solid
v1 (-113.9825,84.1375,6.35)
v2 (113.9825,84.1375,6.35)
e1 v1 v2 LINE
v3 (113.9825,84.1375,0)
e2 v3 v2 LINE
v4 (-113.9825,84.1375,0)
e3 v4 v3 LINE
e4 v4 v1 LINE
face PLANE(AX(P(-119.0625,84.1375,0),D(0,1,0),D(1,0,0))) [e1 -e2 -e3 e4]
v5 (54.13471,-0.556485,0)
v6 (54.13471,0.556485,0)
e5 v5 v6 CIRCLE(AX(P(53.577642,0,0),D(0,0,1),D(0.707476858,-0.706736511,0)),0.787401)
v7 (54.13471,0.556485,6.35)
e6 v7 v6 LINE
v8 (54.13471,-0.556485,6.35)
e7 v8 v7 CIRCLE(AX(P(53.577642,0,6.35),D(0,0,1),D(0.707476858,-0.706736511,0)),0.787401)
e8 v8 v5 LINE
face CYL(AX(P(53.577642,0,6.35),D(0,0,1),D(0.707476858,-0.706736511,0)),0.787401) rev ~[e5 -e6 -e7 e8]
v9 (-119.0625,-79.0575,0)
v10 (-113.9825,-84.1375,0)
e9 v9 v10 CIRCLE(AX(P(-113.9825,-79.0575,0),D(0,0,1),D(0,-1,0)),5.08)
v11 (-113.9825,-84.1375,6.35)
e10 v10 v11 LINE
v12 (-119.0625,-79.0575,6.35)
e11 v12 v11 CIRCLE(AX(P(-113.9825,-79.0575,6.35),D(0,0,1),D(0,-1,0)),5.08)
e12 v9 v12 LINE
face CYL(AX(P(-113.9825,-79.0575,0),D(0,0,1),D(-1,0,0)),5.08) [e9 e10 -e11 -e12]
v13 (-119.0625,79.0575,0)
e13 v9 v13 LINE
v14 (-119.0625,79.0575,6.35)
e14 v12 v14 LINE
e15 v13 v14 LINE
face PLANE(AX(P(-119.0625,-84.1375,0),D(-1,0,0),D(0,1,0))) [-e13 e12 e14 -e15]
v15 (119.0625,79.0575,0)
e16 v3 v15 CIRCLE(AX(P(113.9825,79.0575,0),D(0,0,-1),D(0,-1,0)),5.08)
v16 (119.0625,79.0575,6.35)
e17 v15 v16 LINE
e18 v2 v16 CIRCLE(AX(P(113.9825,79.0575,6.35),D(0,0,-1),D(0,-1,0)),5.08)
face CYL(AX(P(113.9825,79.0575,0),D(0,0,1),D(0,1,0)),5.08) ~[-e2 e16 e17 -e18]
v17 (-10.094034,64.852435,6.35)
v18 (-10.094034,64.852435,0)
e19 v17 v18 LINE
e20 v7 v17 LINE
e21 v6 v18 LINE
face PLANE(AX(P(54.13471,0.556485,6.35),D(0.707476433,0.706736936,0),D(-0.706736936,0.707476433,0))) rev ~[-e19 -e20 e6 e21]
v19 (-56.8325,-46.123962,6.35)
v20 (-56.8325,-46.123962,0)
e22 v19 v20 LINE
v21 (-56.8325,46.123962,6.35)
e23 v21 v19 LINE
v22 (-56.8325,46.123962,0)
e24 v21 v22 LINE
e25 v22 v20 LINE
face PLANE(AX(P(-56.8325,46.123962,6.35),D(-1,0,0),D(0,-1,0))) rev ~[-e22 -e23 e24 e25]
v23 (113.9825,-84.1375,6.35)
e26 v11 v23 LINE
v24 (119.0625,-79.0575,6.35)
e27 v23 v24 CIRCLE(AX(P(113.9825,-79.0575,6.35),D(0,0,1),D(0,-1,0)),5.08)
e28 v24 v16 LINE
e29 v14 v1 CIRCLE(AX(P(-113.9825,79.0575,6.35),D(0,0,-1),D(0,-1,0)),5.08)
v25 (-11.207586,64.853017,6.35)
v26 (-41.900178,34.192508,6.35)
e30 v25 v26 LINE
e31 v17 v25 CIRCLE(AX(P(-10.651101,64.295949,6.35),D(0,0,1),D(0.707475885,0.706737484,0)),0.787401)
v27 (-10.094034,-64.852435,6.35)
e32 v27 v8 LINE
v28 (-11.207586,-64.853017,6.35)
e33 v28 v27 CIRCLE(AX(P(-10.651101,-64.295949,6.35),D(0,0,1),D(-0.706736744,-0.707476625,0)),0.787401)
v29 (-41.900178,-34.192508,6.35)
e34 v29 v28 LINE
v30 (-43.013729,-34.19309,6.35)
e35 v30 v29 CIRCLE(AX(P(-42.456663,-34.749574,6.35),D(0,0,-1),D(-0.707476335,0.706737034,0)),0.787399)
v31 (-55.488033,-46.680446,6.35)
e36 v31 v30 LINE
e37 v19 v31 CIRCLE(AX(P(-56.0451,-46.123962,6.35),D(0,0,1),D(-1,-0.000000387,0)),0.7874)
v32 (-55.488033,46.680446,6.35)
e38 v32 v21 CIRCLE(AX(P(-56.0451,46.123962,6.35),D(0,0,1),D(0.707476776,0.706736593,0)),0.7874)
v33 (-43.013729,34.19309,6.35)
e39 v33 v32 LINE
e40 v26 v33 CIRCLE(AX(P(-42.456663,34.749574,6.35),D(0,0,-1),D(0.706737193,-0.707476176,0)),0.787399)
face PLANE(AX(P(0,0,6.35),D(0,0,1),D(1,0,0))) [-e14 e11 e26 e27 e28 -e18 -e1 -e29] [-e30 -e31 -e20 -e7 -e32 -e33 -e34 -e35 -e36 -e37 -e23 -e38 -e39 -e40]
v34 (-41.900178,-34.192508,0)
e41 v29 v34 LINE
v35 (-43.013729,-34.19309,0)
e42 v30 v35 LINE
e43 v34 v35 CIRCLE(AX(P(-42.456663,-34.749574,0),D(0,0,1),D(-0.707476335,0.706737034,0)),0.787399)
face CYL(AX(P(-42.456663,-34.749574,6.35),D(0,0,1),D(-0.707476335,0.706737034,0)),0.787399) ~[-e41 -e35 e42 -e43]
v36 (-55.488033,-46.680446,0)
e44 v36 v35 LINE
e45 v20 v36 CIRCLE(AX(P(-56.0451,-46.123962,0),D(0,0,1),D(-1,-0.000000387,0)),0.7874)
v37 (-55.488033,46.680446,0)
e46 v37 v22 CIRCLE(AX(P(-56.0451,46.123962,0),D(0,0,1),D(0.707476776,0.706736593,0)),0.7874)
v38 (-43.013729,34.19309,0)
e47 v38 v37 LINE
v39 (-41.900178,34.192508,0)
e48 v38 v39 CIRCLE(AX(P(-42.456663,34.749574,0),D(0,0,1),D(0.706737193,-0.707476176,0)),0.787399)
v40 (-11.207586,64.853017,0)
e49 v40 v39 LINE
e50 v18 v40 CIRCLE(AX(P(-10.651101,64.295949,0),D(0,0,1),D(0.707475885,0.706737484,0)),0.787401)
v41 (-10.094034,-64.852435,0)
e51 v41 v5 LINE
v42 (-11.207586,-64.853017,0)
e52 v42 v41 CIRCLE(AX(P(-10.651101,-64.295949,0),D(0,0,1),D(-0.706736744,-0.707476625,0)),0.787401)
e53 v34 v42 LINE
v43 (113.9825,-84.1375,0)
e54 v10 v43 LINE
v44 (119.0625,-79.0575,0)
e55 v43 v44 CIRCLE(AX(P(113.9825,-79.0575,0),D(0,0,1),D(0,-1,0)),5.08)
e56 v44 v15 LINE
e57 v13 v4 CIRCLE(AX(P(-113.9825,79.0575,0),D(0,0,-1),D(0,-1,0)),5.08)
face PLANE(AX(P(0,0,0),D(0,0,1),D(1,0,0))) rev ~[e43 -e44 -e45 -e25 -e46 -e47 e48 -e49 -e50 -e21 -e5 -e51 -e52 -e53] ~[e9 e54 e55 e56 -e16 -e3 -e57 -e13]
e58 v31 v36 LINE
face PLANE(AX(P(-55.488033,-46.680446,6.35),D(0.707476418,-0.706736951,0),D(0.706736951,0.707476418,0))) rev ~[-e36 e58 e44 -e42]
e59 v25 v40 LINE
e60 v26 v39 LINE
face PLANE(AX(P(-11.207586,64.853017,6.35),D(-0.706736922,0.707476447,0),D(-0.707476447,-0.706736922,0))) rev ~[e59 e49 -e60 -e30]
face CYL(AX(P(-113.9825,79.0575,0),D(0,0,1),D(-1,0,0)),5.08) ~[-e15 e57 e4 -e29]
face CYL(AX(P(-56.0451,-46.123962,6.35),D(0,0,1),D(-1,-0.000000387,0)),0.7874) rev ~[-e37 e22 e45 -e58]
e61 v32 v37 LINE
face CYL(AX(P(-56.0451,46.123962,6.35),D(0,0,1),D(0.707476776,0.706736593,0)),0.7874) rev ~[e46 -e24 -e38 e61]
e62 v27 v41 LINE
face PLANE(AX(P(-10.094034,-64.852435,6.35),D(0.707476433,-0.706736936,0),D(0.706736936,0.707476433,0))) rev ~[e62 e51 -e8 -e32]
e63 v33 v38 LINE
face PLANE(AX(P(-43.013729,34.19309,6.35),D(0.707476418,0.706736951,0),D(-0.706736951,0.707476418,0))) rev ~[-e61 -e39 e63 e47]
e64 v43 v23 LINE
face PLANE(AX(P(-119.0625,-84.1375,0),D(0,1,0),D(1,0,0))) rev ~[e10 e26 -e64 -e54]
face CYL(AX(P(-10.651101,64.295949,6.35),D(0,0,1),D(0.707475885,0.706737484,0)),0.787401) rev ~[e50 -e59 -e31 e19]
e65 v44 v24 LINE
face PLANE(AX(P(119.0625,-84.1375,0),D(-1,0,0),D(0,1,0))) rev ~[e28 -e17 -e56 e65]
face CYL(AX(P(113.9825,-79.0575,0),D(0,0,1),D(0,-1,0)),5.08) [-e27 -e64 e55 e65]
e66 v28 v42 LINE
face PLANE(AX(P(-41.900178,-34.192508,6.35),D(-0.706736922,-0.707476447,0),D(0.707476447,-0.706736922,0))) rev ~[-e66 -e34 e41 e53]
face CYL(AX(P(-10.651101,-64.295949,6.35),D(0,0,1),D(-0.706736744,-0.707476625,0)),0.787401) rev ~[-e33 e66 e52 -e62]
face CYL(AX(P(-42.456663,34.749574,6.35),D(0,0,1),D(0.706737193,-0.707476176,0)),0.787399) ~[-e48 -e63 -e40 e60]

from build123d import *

# Parameters (mm, degrees)
F0_W     = 238.125
F0_H     = 168.275
F1_DEPTH = 6.35
F3_DEPTH = 25.4
F4_R     = 5.08
F6_DEPTH = 6.351


with BuildPart() as f1:
    # F0 (on Top) → F1 (new body)
    with BuildSketch(Plane.XY):
        Rectangle(F0_W, F0_H)
    extrude(amount=F1_DEPTH)

    # F2 (on face) → F3 (cut)
    with BuildSketch(Plane.XY.offset(6.35)):
        Polygon((-42.458184, 31.839972), (-55.5625, 44.958), (-55.5625, 0), (-55.5625, -44.958), (-42.458184, -31.839972), (-10.651458, -63.613451), (52.8955, 0), (-10.651458, 63.613451), align=None)
    extrude(amount=-F3_DEPTH, mode=Mode.SUBTRACT)

    # F4
    f4_edges = [f1.edges().sort_by_distance(p)[0] for p in [
        (119.0625, -84.1375, 3.175),
        (119.0625, 84.1375, 3.175),
        (-119.0625, -84.1375, 3.175),
        (-119.0625, 84.1375, 3.175),
    ]]
    fillet(f4_edges, radius=F4_R)

    # F5 (on face) → F6 (cut, through all)
    with BuildSketch(Plane.XY.offset(6.35)):
        with BuildLine():
            Line((-43.013729, 34.19309), (-55.488033, 46.680446))
            ThreePointArc((-55.488033, 46.680446), (-56.346235, 46.851503), (-56.8325, 46.123962))
            Line((-56.8325, 46.123962), (-56.8325, -46.123962))
            ThreePointArc((-56.8325, -46.123962), (-56.346235, -46.851503), (-55.488033, -46.680446))
            Line((-55.488033, -46.680446), (-43.013729, -34.19309))
            ThreePointArc((-43.013729, -34.19309), (-42.457074, -33.962175), (-41.900178, -34.192508))
            Line((-41.900178, -34.192508), (-11.207586, -64.853017))
            ThreePointArc((-11.207586, -64.853017), (-10.65069, -65.08335), (-10.094034, -64.852435))
            Line((-10.094034, -64.852435), (54.13471, -0.556485))
            ThreePointArc((54.13471, -0.556485), (54.365043, 0), (54.13471, 0.556485))
            Line((54.13471, 0.556485), (-10.094034, 64.852435))
            ThreePointArc((-10.094034, 64.852435), (-10.65069, 65.08335), (-11.207586, 64.853017))
            Line((-11.207586, 64.853017), (-41.900178, 34.192508))
            ThreePointArc((-41.900178, 34.192508), (-42.457074, 33.962175), (-43.013729, 34.19309))
        make_face()
    extrude(amount=-F6_DEPTH, mode=Mode.SUBTRACT)


solid = f1.part
